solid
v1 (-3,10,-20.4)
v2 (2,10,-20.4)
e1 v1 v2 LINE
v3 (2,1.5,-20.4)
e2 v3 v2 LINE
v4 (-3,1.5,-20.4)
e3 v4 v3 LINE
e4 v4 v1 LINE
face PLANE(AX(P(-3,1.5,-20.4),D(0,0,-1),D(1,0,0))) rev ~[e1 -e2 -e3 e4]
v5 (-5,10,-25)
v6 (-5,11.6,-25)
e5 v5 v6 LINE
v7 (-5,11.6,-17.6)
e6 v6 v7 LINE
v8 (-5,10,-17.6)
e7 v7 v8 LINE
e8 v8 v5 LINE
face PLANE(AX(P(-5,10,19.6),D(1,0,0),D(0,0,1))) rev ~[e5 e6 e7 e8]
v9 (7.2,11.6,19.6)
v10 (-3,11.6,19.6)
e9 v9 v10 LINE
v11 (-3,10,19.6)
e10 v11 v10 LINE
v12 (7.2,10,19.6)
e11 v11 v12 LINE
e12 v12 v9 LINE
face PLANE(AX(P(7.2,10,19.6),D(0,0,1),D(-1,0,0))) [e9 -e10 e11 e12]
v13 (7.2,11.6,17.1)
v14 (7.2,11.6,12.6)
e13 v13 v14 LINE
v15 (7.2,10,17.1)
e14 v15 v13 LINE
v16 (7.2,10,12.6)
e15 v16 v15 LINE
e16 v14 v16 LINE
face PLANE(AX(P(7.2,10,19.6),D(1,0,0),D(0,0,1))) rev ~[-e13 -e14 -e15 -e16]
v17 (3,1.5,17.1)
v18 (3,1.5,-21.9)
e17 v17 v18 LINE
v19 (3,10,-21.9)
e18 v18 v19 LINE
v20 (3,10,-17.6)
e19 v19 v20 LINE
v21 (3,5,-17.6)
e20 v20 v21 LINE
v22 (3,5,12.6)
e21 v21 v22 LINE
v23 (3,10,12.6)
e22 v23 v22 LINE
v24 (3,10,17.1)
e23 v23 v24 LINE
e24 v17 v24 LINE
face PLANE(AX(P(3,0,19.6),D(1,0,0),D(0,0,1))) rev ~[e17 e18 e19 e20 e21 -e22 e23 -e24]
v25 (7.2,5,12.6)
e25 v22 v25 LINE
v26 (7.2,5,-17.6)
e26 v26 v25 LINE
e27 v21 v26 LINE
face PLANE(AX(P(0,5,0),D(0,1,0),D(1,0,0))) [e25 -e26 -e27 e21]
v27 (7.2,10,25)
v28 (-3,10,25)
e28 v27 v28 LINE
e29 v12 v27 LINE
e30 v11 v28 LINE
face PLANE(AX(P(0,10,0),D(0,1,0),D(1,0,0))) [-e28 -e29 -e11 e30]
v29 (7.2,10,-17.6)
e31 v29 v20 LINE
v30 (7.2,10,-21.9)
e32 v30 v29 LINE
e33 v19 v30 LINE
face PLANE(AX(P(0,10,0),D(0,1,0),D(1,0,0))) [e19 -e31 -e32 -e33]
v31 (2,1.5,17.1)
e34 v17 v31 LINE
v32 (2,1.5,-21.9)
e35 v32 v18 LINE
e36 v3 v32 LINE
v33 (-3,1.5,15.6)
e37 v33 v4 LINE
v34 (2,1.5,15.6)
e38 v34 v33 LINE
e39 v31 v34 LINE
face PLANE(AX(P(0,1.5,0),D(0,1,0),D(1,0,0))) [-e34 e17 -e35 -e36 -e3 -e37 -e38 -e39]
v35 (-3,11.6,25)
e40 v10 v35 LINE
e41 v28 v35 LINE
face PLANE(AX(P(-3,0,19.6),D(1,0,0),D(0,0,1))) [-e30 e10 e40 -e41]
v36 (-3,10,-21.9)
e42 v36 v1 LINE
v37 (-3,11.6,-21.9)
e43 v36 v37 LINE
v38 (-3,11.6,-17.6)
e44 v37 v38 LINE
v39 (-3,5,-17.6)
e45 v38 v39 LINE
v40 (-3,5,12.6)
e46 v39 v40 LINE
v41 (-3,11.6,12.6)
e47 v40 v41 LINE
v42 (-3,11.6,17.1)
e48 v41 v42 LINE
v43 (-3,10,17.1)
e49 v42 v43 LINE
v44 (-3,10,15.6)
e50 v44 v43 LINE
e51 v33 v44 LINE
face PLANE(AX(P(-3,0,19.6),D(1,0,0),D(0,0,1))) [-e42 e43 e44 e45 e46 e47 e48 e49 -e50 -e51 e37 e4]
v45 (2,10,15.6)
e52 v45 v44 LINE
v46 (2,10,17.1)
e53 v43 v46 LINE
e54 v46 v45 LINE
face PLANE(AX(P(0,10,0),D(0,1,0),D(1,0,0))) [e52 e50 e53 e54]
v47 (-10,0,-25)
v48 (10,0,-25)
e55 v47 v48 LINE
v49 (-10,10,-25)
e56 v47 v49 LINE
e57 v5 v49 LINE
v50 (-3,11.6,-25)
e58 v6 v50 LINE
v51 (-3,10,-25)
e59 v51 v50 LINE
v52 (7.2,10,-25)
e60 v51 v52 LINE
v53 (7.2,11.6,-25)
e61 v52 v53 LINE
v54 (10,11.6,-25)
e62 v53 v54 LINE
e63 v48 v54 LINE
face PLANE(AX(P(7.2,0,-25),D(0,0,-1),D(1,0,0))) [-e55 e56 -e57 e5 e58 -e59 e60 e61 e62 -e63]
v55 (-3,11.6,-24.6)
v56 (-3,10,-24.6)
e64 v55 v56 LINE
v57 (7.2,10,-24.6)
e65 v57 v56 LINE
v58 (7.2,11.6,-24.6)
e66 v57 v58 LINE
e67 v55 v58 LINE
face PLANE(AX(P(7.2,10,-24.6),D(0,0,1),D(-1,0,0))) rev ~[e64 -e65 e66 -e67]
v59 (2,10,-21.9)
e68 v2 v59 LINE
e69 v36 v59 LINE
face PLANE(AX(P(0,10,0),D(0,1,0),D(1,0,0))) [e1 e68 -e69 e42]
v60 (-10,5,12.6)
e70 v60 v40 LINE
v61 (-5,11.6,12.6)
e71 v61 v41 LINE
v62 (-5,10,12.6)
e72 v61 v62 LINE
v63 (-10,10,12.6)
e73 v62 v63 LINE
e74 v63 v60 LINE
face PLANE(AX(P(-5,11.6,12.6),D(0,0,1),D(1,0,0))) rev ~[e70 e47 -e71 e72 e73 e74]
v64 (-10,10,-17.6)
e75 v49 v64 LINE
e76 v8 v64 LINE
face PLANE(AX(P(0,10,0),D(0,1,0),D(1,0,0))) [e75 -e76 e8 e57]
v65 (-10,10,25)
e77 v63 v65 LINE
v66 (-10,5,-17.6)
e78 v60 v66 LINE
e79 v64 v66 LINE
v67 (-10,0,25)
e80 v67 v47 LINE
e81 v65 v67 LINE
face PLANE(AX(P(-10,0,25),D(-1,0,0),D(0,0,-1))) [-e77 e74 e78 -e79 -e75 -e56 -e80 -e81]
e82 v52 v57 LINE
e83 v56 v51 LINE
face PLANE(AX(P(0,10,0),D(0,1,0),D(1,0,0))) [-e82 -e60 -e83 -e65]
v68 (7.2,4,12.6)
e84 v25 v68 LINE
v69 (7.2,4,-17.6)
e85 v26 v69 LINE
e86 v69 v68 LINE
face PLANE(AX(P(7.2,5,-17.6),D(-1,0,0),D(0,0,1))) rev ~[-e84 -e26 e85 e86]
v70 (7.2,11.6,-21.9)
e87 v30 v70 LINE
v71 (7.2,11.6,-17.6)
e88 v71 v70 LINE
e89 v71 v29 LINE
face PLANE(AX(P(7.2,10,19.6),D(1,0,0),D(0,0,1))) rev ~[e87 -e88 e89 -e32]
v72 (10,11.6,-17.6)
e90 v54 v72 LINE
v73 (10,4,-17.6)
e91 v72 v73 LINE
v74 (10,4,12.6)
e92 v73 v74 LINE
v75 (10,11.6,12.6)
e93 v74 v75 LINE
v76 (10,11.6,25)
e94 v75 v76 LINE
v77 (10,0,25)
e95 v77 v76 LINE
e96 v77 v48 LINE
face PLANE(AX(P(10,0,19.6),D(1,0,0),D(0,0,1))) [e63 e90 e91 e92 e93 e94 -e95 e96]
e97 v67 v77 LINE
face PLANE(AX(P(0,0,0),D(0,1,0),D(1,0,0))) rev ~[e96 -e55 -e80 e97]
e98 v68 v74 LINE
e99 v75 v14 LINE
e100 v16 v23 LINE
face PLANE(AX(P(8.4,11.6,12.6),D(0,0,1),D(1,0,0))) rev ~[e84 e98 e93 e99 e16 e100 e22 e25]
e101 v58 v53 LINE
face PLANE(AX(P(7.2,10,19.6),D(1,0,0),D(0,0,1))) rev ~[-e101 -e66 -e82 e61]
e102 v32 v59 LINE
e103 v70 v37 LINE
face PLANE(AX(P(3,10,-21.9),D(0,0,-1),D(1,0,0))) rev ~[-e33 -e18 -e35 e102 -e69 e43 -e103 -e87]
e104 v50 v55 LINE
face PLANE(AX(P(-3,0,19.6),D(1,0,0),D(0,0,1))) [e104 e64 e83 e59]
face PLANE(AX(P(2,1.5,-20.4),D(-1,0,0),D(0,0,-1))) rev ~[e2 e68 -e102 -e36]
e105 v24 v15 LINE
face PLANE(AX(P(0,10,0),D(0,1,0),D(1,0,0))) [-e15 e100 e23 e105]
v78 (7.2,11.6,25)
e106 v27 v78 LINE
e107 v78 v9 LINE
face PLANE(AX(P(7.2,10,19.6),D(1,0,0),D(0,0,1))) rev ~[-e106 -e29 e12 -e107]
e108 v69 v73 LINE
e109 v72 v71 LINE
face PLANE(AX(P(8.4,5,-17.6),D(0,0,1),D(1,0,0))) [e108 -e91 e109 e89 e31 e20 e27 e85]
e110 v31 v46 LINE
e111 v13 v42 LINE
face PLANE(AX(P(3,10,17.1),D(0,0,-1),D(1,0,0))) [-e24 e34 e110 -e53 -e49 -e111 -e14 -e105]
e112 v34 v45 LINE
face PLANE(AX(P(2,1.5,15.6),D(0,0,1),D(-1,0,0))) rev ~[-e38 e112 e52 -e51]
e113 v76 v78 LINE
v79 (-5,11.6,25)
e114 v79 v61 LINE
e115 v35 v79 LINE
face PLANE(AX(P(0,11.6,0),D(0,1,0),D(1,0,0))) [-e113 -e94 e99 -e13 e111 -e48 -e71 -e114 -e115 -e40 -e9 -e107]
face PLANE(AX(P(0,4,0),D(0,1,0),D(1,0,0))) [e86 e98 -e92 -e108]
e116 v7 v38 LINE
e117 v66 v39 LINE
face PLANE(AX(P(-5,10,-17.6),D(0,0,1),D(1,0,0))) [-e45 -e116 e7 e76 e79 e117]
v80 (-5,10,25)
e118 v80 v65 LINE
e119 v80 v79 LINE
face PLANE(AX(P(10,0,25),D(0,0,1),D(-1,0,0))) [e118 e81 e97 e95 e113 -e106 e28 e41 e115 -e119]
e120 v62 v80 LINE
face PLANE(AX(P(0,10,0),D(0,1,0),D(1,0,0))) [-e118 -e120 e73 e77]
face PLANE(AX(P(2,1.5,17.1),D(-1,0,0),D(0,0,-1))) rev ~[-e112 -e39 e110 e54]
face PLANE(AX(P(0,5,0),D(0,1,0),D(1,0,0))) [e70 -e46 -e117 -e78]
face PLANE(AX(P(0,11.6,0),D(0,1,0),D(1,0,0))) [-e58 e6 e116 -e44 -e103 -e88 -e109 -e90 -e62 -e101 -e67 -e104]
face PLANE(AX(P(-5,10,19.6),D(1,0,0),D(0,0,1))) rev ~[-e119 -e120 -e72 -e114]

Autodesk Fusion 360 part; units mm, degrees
sketch "Sketch1" plane through (0, 0, 0) normal (0, 1, 0) x (1, 0, 0)
  line L0 (10, -25) -> (-10, -25)
  line L1 (-10, -25) -> (-10, 25)
  line L2 (-10, 25) -> (10, 25)
  line L3 (10, 25) -> (10, -25)
  line L4 (10, -25) -> (-10, 25) construction
  line L5 (-10, -25) -> (10, 25) construction
  line L6 (0, 25) -> (0, -25) construction
  line L7 (-3, 25) -> (-3, -25)
  line L8 (3, 25) -> (3, -25)
  line L9 (7.2, 25) -> (7.2, -25)
  line L10 (-5, 25) -> (-5, -25)
  line L11 (-10, -12.6) -> (10, -12.6)
  line L12 (-10, 17.6) -> (10, 17.6)
  line L13 (10, 24.6) -> (-10, 24.6)
  line L14 (10, -19.6) -> (-10, -19.6)
  line L15 (-5, 21.9) -> (8.76, 21.9)
  line L16 (-10, 0) -> (10, 0) construction
  line L17 (-5, -17.1) -> (7.2, -17.1)
  line L18 (-3, 20.4) -> (2, 20.4)
  line L19 (2, 20.4) -> (2, 21.9)
  line L20 (2, 21.9) -> (-3, 21.9)
  line L21 (-3, 21.9) -> (-3, 20.4)
  line L22 (-3, -17.1) -> (2, -17.1)
  line L23 (2, -17.1) -> (2, -15.6)
  line L24 (2, -15.6) -> (-3, -15.6)
  line L25 (-3, -15.6) -> (-3, -17.1)
  line L26 (8.4, 17.6) -> (8.4, -12.6)
  dimension "d1" = 50
  dimension "d2" = 20
  dimension "d3" = 3
  dimension "d8" = 2.8
  dimension "d9" = 2
  dimension "d16" = 12.4
  dimension "d17" = 7.4
  dimension "d30" = 7
  dimension "d31" = 7
  dimension "d35" = 2.7
  dimension "d36" = 2.5
  dimension "d46" = 1.5
  dimension "d47" = 5
  dimension "d48" = 1.5
  dimension "d49" = 5
  dimension "d53" = 1.2
extrude "Extrude1" add sketch "Sketch1" along normal blind 1.5
extrude "Extrude2" add sketch "Sketch1" along normal blind 10 contours L0 L3 L9 L14 | L0 L8 L9 L14 | L3 L9 L11 L14 | L8 L9 L14 L17 | L3 L11 L12 L26 | L0 L7 L10 L14 | L8 L9 L11 L17 | L3 L9 L12 L13 | L9 L11 L12 L26 | L0 L1 L10 L14 | L7 L10 L14 L17 | L8 L9 L11 L12 | L2 L3 L9 L13 | L1 L10 L11 L14 | L7 L10 L11 L17 L25 | L8 L9 L12 L15 | L2 L8 L9 L13 | L8 L9 L13 L15 | L7 L10 L11 L12 | L1 L10 L11 L12 | L7 L10 L12 L15 L21 | L2 L7 L10 L13 | L7 L10 L13 L15 | L1 L10 L12 L13 | L1 L2 L10 L13
extrude "Extrude3" add sketch "Sketch1" along normal blind 1.6 from surface at 10 contours L0 L3 L9 L14 | L3 L9 L11 L14 | L3 L11 L12 L26 | L3 L9 L12 L13 | L9 L11 L12 L26 | L2 L3 L9 L13
extrude "Extrude4" add sketch "Sketch1" along normal blind 1.6 from surface at 10 contours L0 L7 L10 L14 | L7 L10 L14 L17 | L7 L10 L11 L17 L25 | L7 L10 L11 L12 | L7 L10 L12 L15 L21 | L2 L7 L10 L13 | L7 L10 L13 L15
extrude "Extrude6" cut sketch "Sketch1" against normal blind 5 from surface at 11.6 contours L3 L11 L12 L26 | L9 L11 L12 L26 | L7 L10 L11 L12
extrude "Extrude7" cut sketch "Sketch1" against normal blind 5 from surface at 10 contours L3 L11 L12 L26 | L9 L11 L12 L26 | L7 L10 L11 L12 | L1 L10 L11 L12
extrude "Extrude8" cut sketch "Sketch1" against normal blind 5 from surface at 10 contours L3 L11 L12 L26 | L9 L11 L12 L26 | L8 L9 L11 L12
extrude "Extrude9" add sketch "Sketch1" along normal up to surface (8.5 mm away) from surface at 1.5 contours L0 L7 L8 L14 | L2 L7 L8 L13
extrude "Extrude10" add sketch "Sketch1" along normal up to surface (8.5 mm away) from surface at 1.5 contours L7 L8 L14 L17 L22 | L7 L8 L13 L15 L20
extrude "Extrude11" add sketch "Sketch1" along normal up to surface (1.6 mm away) from surface at 10 contours L8 L9 L13 L15 | L7 L8 L13 L15 L20 | L7 L10 L13 L15
extrude "Extrude12" add sketch "Sketch1" along normal up to surface (1.6 mm away) from surface at 10 contours L8 L9 L14 L17 | L7 L8 L14 L17 L22
extrude "Extrude13" add sketch "Sketch1" along normal up to surface (8.5 mm away) from surface at 1.5 contours L7 L17 L22 L23 L24 L25 | L7 L15 L18 L19 L20 L21
extrude "Extrude14" cut sketch "Sketch1" against normal blind 1 from surface at 5 contours L3 L11 L12 L26 | L9 L11 L12 L26
